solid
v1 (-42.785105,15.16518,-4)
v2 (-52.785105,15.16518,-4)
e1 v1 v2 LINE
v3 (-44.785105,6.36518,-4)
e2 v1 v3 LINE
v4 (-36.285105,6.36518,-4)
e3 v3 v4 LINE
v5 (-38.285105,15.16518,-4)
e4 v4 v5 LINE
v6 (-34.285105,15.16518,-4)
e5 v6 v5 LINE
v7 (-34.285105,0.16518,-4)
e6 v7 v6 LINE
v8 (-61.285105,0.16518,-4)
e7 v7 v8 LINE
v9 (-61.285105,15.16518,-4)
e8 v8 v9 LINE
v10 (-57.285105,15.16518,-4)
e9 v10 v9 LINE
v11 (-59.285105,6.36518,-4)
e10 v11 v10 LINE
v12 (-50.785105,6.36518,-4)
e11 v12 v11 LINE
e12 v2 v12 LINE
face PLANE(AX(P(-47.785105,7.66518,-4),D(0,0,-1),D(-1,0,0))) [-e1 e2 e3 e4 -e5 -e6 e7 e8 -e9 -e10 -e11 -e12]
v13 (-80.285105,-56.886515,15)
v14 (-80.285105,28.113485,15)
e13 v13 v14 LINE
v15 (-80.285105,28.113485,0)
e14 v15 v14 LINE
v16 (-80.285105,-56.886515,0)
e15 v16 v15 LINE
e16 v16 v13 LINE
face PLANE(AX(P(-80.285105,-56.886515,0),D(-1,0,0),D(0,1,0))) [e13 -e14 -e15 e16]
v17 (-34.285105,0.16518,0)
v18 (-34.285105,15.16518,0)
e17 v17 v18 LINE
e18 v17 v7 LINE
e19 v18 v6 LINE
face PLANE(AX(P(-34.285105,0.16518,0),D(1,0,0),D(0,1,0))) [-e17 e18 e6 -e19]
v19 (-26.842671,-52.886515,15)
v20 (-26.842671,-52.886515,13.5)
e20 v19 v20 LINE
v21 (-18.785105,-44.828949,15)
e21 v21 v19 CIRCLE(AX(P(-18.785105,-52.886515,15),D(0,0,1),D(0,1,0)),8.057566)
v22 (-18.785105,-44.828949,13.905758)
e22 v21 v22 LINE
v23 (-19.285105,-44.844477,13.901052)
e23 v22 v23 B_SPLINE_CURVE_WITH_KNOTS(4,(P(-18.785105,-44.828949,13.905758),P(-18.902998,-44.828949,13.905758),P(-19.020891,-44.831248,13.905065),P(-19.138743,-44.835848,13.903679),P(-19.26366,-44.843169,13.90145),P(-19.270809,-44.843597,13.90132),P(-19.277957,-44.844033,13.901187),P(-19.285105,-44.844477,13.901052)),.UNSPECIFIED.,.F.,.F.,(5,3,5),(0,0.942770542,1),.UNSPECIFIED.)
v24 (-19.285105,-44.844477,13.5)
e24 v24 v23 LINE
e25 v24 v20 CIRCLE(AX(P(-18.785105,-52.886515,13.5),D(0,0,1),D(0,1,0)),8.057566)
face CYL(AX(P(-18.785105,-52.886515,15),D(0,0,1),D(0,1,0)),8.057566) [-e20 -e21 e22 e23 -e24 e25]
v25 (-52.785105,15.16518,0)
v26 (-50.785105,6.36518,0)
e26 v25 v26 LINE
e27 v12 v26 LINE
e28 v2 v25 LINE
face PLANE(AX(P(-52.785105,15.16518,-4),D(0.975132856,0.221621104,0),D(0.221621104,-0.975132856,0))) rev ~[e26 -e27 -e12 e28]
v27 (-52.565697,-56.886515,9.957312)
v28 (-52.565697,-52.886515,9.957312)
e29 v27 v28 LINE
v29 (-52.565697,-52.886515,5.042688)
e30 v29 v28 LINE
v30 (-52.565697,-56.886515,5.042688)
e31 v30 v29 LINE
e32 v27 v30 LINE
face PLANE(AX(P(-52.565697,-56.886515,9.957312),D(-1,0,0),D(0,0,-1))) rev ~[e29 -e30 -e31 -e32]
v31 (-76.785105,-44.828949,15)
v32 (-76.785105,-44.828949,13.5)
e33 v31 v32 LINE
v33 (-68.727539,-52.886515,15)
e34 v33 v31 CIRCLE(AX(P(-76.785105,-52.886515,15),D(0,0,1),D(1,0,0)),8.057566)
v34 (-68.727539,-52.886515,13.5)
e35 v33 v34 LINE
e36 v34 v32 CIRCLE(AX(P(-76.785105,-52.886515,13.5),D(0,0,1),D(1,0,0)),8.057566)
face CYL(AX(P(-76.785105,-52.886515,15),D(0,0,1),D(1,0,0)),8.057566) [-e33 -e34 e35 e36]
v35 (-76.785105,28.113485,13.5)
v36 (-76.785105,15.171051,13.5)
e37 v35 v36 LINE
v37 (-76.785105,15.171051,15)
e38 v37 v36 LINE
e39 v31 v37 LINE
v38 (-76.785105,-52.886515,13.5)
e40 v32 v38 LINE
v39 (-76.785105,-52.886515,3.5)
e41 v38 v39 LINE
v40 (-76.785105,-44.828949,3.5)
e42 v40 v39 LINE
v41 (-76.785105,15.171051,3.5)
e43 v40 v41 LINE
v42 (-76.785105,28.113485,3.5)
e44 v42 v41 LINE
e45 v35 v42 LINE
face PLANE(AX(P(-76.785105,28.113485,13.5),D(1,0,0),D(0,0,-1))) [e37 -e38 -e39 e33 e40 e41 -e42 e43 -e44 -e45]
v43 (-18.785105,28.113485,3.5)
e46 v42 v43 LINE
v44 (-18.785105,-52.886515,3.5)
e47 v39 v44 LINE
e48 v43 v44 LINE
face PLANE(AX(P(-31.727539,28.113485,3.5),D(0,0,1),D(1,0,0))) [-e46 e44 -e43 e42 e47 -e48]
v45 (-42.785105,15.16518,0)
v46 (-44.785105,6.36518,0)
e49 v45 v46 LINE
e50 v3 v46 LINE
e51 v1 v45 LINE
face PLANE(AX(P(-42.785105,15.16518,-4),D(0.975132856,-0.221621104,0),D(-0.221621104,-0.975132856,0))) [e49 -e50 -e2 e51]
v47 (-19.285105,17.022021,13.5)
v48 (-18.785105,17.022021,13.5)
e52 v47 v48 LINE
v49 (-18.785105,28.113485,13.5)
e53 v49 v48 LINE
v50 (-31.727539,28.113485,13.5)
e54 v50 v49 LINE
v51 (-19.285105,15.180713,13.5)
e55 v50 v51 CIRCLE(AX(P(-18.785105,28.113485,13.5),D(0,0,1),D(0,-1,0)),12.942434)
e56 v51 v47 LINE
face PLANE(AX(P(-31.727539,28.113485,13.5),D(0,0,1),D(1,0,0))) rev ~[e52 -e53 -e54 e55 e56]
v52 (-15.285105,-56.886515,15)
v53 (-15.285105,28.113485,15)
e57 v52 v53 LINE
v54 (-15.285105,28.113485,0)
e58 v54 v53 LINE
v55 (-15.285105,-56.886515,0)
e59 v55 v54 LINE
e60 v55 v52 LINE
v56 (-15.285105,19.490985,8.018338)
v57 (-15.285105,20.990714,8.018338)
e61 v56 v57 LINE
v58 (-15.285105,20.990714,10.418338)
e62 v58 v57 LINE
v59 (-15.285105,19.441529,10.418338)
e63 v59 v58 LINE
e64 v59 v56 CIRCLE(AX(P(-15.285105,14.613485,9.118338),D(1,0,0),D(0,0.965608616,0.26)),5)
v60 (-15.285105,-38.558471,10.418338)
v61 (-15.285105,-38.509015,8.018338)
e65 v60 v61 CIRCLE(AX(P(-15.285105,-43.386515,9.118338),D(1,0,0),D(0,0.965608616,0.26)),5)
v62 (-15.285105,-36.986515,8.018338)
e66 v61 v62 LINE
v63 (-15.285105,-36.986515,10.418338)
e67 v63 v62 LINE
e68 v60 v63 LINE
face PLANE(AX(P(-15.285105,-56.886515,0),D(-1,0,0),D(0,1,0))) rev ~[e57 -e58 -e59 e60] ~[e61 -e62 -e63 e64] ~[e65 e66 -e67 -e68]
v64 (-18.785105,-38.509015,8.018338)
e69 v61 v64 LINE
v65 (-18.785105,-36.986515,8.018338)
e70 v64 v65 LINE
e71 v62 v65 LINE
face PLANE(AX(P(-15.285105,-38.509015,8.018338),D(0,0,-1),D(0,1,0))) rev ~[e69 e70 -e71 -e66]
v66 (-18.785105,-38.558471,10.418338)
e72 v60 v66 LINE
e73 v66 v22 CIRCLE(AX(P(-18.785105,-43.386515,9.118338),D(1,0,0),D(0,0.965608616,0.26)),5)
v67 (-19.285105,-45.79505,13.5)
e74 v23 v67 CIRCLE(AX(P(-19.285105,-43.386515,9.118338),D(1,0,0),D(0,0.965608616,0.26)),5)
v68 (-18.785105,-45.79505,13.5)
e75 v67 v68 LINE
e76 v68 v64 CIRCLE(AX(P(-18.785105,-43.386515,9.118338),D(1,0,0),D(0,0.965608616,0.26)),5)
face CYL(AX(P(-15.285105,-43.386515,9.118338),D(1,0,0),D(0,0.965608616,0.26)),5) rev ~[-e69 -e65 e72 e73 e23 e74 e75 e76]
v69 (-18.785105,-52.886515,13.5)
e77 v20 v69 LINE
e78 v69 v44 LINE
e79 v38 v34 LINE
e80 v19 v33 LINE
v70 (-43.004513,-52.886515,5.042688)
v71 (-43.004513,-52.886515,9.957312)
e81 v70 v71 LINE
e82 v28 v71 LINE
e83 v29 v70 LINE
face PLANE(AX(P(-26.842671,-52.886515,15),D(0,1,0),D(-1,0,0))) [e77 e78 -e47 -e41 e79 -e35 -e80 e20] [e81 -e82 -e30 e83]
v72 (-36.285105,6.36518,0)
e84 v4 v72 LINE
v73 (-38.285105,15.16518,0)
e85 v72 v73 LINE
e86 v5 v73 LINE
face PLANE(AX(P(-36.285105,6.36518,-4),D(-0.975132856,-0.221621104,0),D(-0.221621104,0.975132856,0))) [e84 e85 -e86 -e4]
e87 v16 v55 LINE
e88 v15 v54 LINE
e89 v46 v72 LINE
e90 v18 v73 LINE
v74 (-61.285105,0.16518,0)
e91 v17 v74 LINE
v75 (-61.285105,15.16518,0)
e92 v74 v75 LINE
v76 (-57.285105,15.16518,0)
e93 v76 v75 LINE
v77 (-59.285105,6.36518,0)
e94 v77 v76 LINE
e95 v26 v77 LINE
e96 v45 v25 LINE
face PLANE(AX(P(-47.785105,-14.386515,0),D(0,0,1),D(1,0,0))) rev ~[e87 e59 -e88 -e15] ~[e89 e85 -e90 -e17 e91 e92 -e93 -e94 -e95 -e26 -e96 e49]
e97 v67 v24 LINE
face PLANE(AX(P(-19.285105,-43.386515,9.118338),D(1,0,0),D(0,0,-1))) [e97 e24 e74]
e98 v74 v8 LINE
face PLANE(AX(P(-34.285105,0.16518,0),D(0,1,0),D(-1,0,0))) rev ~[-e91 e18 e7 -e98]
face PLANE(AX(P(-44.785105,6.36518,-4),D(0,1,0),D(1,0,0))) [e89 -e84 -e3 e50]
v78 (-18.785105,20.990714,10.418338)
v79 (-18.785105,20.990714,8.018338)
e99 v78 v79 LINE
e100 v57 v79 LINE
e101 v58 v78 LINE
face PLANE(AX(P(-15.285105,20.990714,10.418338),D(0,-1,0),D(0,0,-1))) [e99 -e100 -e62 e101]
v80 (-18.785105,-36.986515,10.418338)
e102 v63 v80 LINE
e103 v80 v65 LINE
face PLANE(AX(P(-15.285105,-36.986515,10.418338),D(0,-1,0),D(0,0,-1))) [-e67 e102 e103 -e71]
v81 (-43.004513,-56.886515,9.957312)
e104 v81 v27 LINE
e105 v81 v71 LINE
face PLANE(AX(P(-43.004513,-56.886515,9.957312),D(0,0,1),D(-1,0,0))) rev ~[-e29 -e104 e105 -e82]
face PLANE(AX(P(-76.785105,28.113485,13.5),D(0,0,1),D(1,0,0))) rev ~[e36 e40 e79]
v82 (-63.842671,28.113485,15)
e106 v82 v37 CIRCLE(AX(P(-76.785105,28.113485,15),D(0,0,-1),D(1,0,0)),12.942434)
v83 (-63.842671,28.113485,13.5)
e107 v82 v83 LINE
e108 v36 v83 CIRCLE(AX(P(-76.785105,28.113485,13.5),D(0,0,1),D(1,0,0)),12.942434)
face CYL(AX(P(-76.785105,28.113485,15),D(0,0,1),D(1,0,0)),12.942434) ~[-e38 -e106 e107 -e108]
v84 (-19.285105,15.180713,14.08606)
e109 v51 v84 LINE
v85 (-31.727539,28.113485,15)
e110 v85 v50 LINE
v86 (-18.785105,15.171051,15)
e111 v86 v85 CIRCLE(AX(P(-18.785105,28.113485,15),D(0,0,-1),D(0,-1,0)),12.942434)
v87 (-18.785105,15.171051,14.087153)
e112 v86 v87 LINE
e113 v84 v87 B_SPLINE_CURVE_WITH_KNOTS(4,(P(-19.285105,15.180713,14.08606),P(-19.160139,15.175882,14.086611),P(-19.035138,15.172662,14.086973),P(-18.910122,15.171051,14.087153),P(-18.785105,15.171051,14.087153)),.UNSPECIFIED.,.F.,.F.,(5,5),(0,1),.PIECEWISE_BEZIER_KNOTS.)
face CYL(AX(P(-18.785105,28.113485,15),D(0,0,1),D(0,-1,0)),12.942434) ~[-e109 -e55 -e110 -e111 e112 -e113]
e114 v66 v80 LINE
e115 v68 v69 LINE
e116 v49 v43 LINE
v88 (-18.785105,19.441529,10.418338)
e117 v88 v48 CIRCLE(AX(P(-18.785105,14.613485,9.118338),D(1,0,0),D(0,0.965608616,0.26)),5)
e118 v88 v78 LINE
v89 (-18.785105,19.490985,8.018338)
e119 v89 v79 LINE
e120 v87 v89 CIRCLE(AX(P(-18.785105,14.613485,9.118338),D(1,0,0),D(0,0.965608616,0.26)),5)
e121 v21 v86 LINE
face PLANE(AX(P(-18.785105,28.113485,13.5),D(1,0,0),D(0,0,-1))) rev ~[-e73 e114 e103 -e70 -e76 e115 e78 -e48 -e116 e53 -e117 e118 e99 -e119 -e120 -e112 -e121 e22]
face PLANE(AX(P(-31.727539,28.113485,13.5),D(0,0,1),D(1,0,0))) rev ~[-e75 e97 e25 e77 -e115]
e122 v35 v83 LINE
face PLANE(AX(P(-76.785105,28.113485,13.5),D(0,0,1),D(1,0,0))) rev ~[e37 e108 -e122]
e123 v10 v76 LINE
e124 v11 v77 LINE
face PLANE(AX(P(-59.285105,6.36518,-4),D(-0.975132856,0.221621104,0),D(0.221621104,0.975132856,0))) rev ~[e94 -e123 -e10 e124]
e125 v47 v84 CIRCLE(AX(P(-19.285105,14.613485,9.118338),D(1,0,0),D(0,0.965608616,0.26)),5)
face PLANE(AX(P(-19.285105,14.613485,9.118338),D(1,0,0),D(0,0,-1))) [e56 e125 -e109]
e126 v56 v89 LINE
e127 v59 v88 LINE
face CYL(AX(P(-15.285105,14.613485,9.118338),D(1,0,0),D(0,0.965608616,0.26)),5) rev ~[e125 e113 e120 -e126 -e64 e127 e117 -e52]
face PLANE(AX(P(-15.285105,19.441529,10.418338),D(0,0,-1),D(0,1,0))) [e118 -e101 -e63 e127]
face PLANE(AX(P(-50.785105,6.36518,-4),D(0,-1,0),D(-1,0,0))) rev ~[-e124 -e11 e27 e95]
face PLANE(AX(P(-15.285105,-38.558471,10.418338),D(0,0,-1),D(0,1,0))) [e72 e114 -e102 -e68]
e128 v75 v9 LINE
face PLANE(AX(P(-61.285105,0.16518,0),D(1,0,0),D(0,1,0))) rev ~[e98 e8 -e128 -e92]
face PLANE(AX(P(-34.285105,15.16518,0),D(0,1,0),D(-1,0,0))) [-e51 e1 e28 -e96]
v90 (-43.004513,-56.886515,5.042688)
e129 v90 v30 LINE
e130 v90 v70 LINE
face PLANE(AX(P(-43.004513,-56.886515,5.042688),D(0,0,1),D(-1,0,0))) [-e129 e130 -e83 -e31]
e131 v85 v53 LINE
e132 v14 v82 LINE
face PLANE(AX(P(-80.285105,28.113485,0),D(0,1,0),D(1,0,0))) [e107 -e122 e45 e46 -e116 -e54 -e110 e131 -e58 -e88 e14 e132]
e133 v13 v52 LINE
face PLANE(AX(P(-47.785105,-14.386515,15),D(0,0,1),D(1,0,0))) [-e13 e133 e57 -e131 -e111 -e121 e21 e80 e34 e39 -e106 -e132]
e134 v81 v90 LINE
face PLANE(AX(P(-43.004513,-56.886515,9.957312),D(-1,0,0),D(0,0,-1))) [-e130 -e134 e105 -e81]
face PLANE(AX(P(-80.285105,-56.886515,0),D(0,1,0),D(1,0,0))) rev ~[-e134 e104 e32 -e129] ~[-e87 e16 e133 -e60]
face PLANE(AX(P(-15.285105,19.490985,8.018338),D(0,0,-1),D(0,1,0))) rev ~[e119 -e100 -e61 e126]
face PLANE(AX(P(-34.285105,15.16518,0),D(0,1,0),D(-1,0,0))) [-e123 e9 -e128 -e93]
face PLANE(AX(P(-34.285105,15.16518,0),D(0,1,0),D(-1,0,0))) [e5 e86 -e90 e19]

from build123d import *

# Parameters (mm, degrees)
ESQUISSE1_W             = 65
ESQUISSE1_H             = 85
BOSS_EXTRU_1_DEPTH      = 15
ESQUISSE2_W             = 58
ESQUISSE2_H             = 60
ENL_V_MAT_EXTRU_1_DEPTH = 11.5
ENL_V_MAT_EXTRU_2_DEPTH = 11.5
ESQUISSE5_W             = 12.942434053
ESQUISSE5_H             = 10
ENL_V_MAT_EXTRU_4_DEPTH = 81
ESQUISSE6_W             = 12.942434052
ESQUISSE6_H             = 10
ENL_V_MAT_EXTRU_5_DEPTH = 81
ESQUISSE7_W             = 9.561184164
ESQUISSE7_H             = 4.914624062
ENL_V_MAT_EXTRU_6_DEPTH = 81
ESQUISSE9_W             = 27
ESQUISSE9_H             = 15
BOSS_EXTRU_3_DEPTH      = 4
ENL_V_MAT_EXTRU_8_DEPTH = 4
ESQUISSE13_R            = 5
ESQUISSE13_W            = 2.4
ESQUISSE13_H            = 6.4
ENL_V_MAT_EXTRU_9_DEPTH = 4


with BuildPart() as part:
    # Esquisse1 → Boss.-Extru.1 (new body)
    with BuildSketch(Plane.XY):
        with Locations((-47.785104755, -14.386514523)):
            Rectangle(ESQUISSE1_W, ESQUISSE1_H)
    extrude(amount=BOSS_EXTRU_1_DEPTH)

    # Esquisse2 → Enlèv. mat.-Extru.1 (cut)
    with BuildSketch(Plane.XY.offset(15)):
        with Locations((-47.785104755, -14.828948576)):
            Rectangle(ESQUISSE2_W, ESQUISSE2_H)
    extrude(amount=-ENL_V_MAT_EXTRU_1_DEPTH, mode=Mode.SUBTRACT)

    # Esquisse3 → Enlèv. mat.-Extru.2 (cut)
    with BuildSketch(Plane.XY.offset(15)):
        with BuildLine():
            Line((-31.727538807, 28.113485477), (-63.842670702, 28.113485477))
            ThreePointArc((-63.842670702, 28.113485477), (-67.633421871, 18.961802593), (-76.785104755, 15.171051424))
            Line((-76.785104755, 15.171051424), (-18.785104755, 15.171051424))
            ThreePointArc((-18.785104755, 15.171051424), (-27.936787638, 18.961802593), (-31.727538807, 28.113485477))
        make_face()
        with BuildLine():
            ThreePointArc((-18.785104755, -44.828948576), (-24.482664276, -47.188955002), (-26.842670702, -52.886514523))
            Line((-26.842670702, -52.886514523), (-68.727538807, -52.886514523))
            ThreePointArc((-68.727538807, -52.886514523), (-71.087545234, -47.188955002), (-76.785104755, -44.828948576))
            Line((-76.785104755, -44.828948576), (-18.785104755, -44.828948576))
        make_face()
    extrude(amount=-ENL_V_MAT_EXTRU_2_DEPTH, mode=Mode.SUBTRACT)

    # Esquisse5 → Enlèv. mat.-Extru.4 (cut)
    with BuildSketch(Plane(origin=(0, 28.113485477, 0), x_dir=(1, 0, 0), z_dir=(0, 1, 0))):
        with Locations((-70.313887729, -8.5)):
            Rectangle(ESQUISSE5_W, ESQUISSE5_H)
    extrude(amount=-ENL_V_MAT_EXTRU_4_DEPTH, mode=Mode.SUBTRACT)

    # Esquisse6 → Enlèv. mat.-Extru.5 (cut)
    with BuildSketch(Plane(origin=(0, 28.113485477, 0), x_dir=(1, 0, 0), z_dir=(0, 1, 0))):
        with Locations((-25.256321781, -8.5)):
            Rectangle(ESQUISSE6_W, ESQUISSE6_H)
    extrude(amount=-ENL_V_MAT_EXTRU_5_DEPTH, mode=Mode.SUBTRACT)

    # Esquisse7 → Enlèv. mat.-Extru.6 (cut)
    with BuildSketch(Plane(origin=(0, -56.886514523, 0), x_dir=(-1, 0, 0), z_dir=(0, -1, 0))):
        with Locations((47.785104755, -7.5)):
            Rectangle(ESQUISSE7_W, ESQUISSE7_H)
    extrude(amount=-ENL_V_MAT_EXTRU_6_DEPTH, mode=Mode.SUBTRACT)

    # Esquisse9 → Boss.-Extru.3 (add)
    with BuildSketch(Plane(origin=(0, 0, 0), x_dir=(-1, 0, 0), z_dir=(0, 0, -1))):
        with Locations((47.785104755, 7.665180304)):
            Rectangle(ESQUISSE9_W, ESQUISSE9_H)
    extrude(amount=BOSS_EXTRU_3_DEPTH)

    # Esquisse10 → Enlèv. mat.-Extru.8 (cut)
    with BuildSketch(Plane(origin=(0, 0, -4), x_dir=(-1, 0, 0), z_dir=(0, 0, -1))):
        Polygon((42.785104755, 15.165180304), (44.785104755, 6.365180304), (36.285104755, 6.365180304), (38.285104755, 15.165180304), align=None)
        Polygon((52.785104755, 15.165180304), (50.785104755, 6.365180304), (59.285104755, 6.365180304), (57.285104755, 15.165180304), align=None)
    extrude(amount=-ENL_V_MAT_EXTRU_8_DEPTH, mode=Mode.SUBTRACT)

    # Esquisse13 → Enlèv. mat.-Extru.9 (cut)
    with BuildSketch(Plane(origin=(-15.285104755, 0, 0), x_dir=(0, 0, -1), z_dir=(1, 0, 0))):
        with Locations((-9.118338435, 14.613485477)):
            Circle(ESQUISSE13_R)
        with Locations((-9.118338435, -43.386514523)):
            Circle(ESQUISSE13_R)
        with Locations((-9.218338435, 17.790714068)):
            Rectangle(ESQUISSE13_W, ESQUISSE13_H)
        with Locations((-9.218338435, -40.186514523)):
            Rectangle(ESQUISSE13_W, ESQUISSE13_H)
    extrude(amount=-ENL_V_MAT_EXTRU_9_DEPTH, mode=Mode.SUBTRACT)


solid = part.part
